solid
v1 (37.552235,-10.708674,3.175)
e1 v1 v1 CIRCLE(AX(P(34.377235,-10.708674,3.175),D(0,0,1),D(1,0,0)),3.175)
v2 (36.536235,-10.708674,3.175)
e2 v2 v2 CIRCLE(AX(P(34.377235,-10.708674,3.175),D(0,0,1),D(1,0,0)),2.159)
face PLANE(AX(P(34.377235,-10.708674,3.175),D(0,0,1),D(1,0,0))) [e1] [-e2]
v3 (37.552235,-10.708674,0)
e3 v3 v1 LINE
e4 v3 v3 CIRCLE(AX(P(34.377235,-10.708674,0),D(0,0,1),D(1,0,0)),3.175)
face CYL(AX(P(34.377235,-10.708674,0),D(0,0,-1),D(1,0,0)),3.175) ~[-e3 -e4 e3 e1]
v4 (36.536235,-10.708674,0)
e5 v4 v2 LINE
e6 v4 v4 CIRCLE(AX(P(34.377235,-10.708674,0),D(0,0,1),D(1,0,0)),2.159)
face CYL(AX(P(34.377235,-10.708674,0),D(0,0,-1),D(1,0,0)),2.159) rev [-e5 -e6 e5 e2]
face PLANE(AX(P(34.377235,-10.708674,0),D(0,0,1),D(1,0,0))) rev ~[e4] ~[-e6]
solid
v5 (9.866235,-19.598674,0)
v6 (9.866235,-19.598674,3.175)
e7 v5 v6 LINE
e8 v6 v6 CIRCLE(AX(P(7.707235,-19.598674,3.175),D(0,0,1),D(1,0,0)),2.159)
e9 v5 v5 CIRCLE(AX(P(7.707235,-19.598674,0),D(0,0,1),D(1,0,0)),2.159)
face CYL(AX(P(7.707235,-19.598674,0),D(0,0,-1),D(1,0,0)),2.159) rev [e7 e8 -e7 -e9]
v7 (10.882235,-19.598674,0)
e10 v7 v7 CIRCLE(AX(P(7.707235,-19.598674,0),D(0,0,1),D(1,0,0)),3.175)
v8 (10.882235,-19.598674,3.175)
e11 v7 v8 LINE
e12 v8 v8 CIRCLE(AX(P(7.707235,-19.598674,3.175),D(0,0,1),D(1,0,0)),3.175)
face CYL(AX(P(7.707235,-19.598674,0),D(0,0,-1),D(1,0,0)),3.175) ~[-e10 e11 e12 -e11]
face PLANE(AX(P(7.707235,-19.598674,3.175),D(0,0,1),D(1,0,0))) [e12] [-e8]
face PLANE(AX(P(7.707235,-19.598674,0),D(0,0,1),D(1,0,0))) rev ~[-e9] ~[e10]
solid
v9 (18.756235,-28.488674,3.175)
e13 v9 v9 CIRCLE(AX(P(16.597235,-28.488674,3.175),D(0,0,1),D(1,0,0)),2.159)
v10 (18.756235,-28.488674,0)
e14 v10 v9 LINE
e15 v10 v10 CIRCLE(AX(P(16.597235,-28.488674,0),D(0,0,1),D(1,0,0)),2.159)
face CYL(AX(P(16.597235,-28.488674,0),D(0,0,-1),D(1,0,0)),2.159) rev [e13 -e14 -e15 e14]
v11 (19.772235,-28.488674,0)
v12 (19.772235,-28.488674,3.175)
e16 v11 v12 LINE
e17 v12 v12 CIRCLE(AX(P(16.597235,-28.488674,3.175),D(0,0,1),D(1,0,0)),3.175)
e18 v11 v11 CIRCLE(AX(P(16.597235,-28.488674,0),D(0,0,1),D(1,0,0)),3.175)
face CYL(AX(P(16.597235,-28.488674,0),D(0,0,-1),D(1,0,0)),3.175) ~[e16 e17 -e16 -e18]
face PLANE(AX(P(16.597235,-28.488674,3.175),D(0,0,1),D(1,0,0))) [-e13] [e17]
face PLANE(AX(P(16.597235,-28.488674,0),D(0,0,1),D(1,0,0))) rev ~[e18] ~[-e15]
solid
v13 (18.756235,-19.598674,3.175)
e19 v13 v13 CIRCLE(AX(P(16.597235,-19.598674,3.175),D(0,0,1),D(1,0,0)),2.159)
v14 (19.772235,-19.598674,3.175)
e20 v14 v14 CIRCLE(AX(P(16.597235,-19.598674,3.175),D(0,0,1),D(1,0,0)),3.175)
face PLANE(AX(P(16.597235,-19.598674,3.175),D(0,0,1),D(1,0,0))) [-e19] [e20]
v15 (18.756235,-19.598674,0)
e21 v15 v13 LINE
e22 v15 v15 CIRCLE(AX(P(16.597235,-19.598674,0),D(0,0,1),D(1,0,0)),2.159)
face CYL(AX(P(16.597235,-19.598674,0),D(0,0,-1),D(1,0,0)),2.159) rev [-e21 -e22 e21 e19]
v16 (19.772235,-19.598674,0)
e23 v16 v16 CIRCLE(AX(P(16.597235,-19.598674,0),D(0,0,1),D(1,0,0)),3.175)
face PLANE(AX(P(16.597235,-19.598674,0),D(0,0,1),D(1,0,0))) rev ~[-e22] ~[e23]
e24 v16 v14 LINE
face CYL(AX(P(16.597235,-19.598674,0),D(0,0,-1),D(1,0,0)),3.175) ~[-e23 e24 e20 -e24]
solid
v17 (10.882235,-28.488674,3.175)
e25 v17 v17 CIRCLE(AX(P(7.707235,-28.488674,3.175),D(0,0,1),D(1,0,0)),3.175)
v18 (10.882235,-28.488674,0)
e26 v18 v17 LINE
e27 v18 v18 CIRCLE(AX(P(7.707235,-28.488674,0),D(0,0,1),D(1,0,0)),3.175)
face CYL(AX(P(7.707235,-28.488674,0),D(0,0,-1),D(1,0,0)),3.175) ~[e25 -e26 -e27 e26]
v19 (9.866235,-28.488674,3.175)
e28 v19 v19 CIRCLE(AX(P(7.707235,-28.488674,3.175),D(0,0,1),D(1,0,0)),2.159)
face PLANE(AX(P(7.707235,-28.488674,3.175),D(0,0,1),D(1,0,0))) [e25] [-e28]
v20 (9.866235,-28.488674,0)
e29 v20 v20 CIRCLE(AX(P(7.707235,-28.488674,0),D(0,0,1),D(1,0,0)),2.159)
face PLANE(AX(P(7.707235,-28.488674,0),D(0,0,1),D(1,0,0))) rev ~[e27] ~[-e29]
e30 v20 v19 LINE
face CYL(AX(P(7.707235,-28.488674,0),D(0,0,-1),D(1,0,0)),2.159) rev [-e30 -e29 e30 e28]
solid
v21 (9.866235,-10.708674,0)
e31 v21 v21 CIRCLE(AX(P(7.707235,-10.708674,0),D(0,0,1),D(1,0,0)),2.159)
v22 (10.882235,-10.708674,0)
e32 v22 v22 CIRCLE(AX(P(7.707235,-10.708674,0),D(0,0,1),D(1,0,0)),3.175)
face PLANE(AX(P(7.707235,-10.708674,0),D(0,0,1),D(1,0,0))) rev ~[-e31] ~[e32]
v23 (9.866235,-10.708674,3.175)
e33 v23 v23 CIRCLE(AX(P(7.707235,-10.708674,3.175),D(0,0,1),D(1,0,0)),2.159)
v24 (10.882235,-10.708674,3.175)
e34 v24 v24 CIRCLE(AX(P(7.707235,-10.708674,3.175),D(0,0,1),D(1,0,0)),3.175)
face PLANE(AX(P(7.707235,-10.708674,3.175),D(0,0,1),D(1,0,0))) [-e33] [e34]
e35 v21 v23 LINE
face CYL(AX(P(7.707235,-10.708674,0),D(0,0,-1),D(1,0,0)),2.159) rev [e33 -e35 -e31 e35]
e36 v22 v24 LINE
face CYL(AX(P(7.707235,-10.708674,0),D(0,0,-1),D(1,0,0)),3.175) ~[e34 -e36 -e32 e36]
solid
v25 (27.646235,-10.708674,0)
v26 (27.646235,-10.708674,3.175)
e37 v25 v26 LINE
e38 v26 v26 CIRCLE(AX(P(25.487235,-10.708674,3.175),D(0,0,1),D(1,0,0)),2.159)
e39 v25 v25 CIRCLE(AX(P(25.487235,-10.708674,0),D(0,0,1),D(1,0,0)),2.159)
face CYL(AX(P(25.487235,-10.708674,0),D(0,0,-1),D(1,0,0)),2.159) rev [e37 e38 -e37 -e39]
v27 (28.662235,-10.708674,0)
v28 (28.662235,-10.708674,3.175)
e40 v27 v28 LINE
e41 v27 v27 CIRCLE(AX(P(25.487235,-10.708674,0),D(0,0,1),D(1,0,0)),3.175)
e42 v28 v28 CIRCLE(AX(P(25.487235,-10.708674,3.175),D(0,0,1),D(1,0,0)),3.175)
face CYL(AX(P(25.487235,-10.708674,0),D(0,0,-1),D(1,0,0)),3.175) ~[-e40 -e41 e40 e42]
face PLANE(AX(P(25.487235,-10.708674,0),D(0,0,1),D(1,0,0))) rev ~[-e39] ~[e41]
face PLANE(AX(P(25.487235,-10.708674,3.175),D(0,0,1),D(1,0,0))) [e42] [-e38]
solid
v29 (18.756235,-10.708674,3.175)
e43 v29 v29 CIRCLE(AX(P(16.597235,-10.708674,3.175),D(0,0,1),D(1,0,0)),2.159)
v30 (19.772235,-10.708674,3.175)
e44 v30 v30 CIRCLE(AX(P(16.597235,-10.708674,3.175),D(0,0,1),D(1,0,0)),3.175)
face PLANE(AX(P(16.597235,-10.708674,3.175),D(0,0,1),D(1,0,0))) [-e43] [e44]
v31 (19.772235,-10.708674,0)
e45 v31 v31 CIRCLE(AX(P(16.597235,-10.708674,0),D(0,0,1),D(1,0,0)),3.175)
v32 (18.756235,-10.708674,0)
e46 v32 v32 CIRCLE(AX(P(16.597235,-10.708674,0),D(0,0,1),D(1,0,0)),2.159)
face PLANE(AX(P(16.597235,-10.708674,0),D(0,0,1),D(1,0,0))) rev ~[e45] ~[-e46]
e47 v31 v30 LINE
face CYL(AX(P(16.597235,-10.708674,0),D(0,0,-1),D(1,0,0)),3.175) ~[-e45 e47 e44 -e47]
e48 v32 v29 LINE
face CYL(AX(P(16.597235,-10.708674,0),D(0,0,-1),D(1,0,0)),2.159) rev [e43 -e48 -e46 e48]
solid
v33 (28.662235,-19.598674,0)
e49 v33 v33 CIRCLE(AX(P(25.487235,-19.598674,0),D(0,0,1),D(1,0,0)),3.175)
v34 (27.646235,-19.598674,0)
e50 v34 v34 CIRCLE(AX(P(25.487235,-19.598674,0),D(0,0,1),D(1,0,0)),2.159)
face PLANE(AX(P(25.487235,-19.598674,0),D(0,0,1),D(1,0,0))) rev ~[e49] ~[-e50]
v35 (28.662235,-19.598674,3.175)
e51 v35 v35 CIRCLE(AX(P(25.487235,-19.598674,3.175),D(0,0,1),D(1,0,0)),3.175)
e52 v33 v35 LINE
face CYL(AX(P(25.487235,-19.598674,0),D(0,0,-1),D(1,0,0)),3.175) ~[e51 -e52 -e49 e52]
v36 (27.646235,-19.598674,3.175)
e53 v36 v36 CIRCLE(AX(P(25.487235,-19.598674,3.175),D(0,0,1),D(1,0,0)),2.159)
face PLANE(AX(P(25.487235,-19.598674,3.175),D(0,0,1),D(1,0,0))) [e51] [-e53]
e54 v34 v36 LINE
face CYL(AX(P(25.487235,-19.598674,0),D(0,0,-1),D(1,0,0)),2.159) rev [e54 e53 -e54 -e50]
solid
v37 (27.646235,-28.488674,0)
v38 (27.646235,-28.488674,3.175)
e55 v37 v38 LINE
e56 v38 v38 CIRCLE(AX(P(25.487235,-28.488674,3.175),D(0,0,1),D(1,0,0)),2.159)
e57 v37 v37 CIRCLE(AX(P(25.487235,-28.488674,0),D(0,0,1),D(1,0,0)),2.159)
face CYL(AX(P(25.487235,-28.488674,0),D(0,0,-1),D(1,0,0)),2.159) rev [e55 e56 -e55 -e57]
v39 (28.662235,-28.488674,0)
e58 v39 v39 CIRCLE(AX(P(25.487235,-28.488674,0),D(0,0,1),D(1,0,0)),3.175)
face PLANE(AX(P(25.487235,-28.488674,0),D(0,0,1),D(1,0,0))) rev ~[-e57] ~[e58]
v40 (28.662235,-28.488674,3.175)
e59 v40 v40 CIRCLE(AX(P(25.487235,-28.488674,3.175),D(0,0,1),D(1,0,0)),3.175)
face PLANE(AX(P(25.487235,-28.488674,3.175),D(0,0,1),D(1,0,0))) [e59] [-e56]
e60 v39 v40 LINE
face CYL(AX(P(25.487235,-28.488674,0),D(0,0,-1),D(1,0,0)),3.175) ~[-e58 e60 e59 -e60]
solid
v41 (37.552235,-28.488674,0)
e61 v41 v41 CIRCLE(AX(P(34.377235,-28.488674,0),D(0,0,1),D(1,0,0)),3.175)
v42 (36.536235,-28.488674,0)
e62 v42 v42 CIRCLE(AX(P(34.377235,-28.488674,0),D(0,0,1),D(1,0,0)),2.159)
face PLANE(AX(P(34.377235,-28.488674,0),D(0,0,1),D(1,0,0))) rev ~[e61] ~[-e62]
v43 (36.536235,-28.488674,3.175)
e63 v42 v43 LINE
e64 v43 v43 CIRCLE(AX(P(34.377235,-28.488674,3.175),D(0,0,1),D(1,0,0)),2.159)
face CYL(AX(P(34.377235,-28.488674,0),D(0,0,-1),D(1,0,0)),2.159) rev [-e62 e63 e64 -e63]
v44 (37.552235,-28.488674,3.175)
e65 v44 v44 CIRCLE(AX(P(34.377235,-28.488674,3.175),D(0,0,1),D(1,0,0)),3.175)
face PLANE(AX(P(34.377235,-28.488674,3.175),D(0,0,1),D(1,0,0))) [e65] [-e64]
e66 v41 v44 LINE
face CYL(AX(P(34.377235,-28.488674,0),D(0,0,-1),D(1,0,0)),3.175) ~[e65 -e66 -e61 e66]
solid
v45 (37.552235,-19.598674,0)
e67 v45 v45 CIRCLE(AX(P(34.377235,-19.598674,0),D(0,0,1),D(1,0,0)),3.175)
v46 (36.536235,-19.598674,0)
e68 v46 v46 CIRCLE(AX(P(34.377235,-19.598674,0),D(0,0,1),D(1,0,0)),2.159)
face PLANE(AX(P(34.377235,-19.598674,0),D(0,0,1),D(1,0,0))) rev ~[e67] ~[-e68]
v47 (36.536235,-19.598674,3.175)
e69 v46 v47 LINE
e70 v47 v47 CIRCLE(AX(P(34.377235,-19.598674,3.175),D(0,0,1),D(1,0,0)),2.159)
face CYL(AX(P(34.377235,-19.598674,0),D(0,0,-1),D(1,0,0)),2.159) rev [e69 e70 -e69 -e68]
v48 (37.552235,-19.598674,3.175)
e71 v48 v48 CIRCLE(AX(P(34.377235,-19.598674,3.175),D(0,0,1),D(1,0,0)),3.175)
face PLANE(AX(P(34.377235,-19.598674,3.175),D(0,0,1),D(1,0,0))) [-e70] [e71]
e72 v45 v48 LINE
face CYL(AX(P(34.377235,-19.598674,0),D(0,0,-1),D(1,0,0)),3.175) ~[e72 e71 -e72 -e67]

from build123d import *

# Parameters (mm, degrees)
F0_R     = 3.175
F0_R_2   = 2.159
F1_DEPTH = 3.175


with BuildPart() as f1:
    # F0 (on Top) → F1 (new body)
    with BuildSketch(Plane.XY):
        with Locations((25.487235, -19.598674)):
            Circle(F0_R)
        with Locations((25.487235, -19.598674)):
            Circle(F0_R_2, mode=Mode.SUBTRACT)
        with Locations((16.597235, -19.598674)):
            Circle(F0_R)
        with Locations((16.597235, -19.598674)):
            Circle(F0_R_2, mode=Mode.SUBTRACT)
        with Locations((25.487235, -10.708674)):
            Circle(F0_R)
        with Locations((25.487235, -10.708674)):
            Circle(F0_R_2, mode=Mode.SUBTRACT)
        with Locations((16.597235, -10.708674)):
            Circle(F0_R)
        with Locations((16.597235, -10.708674)):
            Circle(F0_R_2, mode=Mode.SUBTRACT)
        with Locations((7.707235, -10.708674)):
            Circle(F0_R)
        with Locations((7.707235, -10.708674)):
            Circle(F0_R_2, mode=Mode.SUBTRACT)
        with Locations((7.707235, -19.598674)):
            Circle(F0_R)
        with Locations((7.707235, -19.598674)):
            Circle(F0_R_2, mode=Mode.SUBTRACT)
        with Locations((7.707235, -28.488674)):
            Circle(F0_R)
        with Locations((7.707235, -28.488674)):
            Circle(F0_R_2, mode=Mode.SUBTRACT)
        with Locations((16.597235, -28.488674)):
            Circle(F0_R)
        with Locations((16.597235, -28.488674)):
            Circle(F0_R_2, mode=Mode.SUBTRACT)
        with Locations((25.487235, -28.488674)):
            Circle(F0_R)
        with Locations((25.487235, -28.488674)):
            Circle(F0_R_2, mode=Mode.SUBTRACT)
        with Locations((34.377235, -10.708674)):
            Circle(F0_R)
        with Locations((34.377235, -10.708674)):
            Circle(F0_R_2, mode=Mode.SUBTRACT)
        with Locations((34.377235, -19.598674)):
            Circle(F0_R)
        with Locations((34.377235, -19.598674)):
            Circle(F0_R_2, mode=Mode.SUBTRACT)
        with Locations((34.377235, -28.488674)):
            Circle(F0_R)
        with Locations((34.377235, -28.488674)):
            Circle(F0_R_2, mode=Mode.SUBTRACT)
    extrude(amount=F1_DEPTH)


solid = f1.part
